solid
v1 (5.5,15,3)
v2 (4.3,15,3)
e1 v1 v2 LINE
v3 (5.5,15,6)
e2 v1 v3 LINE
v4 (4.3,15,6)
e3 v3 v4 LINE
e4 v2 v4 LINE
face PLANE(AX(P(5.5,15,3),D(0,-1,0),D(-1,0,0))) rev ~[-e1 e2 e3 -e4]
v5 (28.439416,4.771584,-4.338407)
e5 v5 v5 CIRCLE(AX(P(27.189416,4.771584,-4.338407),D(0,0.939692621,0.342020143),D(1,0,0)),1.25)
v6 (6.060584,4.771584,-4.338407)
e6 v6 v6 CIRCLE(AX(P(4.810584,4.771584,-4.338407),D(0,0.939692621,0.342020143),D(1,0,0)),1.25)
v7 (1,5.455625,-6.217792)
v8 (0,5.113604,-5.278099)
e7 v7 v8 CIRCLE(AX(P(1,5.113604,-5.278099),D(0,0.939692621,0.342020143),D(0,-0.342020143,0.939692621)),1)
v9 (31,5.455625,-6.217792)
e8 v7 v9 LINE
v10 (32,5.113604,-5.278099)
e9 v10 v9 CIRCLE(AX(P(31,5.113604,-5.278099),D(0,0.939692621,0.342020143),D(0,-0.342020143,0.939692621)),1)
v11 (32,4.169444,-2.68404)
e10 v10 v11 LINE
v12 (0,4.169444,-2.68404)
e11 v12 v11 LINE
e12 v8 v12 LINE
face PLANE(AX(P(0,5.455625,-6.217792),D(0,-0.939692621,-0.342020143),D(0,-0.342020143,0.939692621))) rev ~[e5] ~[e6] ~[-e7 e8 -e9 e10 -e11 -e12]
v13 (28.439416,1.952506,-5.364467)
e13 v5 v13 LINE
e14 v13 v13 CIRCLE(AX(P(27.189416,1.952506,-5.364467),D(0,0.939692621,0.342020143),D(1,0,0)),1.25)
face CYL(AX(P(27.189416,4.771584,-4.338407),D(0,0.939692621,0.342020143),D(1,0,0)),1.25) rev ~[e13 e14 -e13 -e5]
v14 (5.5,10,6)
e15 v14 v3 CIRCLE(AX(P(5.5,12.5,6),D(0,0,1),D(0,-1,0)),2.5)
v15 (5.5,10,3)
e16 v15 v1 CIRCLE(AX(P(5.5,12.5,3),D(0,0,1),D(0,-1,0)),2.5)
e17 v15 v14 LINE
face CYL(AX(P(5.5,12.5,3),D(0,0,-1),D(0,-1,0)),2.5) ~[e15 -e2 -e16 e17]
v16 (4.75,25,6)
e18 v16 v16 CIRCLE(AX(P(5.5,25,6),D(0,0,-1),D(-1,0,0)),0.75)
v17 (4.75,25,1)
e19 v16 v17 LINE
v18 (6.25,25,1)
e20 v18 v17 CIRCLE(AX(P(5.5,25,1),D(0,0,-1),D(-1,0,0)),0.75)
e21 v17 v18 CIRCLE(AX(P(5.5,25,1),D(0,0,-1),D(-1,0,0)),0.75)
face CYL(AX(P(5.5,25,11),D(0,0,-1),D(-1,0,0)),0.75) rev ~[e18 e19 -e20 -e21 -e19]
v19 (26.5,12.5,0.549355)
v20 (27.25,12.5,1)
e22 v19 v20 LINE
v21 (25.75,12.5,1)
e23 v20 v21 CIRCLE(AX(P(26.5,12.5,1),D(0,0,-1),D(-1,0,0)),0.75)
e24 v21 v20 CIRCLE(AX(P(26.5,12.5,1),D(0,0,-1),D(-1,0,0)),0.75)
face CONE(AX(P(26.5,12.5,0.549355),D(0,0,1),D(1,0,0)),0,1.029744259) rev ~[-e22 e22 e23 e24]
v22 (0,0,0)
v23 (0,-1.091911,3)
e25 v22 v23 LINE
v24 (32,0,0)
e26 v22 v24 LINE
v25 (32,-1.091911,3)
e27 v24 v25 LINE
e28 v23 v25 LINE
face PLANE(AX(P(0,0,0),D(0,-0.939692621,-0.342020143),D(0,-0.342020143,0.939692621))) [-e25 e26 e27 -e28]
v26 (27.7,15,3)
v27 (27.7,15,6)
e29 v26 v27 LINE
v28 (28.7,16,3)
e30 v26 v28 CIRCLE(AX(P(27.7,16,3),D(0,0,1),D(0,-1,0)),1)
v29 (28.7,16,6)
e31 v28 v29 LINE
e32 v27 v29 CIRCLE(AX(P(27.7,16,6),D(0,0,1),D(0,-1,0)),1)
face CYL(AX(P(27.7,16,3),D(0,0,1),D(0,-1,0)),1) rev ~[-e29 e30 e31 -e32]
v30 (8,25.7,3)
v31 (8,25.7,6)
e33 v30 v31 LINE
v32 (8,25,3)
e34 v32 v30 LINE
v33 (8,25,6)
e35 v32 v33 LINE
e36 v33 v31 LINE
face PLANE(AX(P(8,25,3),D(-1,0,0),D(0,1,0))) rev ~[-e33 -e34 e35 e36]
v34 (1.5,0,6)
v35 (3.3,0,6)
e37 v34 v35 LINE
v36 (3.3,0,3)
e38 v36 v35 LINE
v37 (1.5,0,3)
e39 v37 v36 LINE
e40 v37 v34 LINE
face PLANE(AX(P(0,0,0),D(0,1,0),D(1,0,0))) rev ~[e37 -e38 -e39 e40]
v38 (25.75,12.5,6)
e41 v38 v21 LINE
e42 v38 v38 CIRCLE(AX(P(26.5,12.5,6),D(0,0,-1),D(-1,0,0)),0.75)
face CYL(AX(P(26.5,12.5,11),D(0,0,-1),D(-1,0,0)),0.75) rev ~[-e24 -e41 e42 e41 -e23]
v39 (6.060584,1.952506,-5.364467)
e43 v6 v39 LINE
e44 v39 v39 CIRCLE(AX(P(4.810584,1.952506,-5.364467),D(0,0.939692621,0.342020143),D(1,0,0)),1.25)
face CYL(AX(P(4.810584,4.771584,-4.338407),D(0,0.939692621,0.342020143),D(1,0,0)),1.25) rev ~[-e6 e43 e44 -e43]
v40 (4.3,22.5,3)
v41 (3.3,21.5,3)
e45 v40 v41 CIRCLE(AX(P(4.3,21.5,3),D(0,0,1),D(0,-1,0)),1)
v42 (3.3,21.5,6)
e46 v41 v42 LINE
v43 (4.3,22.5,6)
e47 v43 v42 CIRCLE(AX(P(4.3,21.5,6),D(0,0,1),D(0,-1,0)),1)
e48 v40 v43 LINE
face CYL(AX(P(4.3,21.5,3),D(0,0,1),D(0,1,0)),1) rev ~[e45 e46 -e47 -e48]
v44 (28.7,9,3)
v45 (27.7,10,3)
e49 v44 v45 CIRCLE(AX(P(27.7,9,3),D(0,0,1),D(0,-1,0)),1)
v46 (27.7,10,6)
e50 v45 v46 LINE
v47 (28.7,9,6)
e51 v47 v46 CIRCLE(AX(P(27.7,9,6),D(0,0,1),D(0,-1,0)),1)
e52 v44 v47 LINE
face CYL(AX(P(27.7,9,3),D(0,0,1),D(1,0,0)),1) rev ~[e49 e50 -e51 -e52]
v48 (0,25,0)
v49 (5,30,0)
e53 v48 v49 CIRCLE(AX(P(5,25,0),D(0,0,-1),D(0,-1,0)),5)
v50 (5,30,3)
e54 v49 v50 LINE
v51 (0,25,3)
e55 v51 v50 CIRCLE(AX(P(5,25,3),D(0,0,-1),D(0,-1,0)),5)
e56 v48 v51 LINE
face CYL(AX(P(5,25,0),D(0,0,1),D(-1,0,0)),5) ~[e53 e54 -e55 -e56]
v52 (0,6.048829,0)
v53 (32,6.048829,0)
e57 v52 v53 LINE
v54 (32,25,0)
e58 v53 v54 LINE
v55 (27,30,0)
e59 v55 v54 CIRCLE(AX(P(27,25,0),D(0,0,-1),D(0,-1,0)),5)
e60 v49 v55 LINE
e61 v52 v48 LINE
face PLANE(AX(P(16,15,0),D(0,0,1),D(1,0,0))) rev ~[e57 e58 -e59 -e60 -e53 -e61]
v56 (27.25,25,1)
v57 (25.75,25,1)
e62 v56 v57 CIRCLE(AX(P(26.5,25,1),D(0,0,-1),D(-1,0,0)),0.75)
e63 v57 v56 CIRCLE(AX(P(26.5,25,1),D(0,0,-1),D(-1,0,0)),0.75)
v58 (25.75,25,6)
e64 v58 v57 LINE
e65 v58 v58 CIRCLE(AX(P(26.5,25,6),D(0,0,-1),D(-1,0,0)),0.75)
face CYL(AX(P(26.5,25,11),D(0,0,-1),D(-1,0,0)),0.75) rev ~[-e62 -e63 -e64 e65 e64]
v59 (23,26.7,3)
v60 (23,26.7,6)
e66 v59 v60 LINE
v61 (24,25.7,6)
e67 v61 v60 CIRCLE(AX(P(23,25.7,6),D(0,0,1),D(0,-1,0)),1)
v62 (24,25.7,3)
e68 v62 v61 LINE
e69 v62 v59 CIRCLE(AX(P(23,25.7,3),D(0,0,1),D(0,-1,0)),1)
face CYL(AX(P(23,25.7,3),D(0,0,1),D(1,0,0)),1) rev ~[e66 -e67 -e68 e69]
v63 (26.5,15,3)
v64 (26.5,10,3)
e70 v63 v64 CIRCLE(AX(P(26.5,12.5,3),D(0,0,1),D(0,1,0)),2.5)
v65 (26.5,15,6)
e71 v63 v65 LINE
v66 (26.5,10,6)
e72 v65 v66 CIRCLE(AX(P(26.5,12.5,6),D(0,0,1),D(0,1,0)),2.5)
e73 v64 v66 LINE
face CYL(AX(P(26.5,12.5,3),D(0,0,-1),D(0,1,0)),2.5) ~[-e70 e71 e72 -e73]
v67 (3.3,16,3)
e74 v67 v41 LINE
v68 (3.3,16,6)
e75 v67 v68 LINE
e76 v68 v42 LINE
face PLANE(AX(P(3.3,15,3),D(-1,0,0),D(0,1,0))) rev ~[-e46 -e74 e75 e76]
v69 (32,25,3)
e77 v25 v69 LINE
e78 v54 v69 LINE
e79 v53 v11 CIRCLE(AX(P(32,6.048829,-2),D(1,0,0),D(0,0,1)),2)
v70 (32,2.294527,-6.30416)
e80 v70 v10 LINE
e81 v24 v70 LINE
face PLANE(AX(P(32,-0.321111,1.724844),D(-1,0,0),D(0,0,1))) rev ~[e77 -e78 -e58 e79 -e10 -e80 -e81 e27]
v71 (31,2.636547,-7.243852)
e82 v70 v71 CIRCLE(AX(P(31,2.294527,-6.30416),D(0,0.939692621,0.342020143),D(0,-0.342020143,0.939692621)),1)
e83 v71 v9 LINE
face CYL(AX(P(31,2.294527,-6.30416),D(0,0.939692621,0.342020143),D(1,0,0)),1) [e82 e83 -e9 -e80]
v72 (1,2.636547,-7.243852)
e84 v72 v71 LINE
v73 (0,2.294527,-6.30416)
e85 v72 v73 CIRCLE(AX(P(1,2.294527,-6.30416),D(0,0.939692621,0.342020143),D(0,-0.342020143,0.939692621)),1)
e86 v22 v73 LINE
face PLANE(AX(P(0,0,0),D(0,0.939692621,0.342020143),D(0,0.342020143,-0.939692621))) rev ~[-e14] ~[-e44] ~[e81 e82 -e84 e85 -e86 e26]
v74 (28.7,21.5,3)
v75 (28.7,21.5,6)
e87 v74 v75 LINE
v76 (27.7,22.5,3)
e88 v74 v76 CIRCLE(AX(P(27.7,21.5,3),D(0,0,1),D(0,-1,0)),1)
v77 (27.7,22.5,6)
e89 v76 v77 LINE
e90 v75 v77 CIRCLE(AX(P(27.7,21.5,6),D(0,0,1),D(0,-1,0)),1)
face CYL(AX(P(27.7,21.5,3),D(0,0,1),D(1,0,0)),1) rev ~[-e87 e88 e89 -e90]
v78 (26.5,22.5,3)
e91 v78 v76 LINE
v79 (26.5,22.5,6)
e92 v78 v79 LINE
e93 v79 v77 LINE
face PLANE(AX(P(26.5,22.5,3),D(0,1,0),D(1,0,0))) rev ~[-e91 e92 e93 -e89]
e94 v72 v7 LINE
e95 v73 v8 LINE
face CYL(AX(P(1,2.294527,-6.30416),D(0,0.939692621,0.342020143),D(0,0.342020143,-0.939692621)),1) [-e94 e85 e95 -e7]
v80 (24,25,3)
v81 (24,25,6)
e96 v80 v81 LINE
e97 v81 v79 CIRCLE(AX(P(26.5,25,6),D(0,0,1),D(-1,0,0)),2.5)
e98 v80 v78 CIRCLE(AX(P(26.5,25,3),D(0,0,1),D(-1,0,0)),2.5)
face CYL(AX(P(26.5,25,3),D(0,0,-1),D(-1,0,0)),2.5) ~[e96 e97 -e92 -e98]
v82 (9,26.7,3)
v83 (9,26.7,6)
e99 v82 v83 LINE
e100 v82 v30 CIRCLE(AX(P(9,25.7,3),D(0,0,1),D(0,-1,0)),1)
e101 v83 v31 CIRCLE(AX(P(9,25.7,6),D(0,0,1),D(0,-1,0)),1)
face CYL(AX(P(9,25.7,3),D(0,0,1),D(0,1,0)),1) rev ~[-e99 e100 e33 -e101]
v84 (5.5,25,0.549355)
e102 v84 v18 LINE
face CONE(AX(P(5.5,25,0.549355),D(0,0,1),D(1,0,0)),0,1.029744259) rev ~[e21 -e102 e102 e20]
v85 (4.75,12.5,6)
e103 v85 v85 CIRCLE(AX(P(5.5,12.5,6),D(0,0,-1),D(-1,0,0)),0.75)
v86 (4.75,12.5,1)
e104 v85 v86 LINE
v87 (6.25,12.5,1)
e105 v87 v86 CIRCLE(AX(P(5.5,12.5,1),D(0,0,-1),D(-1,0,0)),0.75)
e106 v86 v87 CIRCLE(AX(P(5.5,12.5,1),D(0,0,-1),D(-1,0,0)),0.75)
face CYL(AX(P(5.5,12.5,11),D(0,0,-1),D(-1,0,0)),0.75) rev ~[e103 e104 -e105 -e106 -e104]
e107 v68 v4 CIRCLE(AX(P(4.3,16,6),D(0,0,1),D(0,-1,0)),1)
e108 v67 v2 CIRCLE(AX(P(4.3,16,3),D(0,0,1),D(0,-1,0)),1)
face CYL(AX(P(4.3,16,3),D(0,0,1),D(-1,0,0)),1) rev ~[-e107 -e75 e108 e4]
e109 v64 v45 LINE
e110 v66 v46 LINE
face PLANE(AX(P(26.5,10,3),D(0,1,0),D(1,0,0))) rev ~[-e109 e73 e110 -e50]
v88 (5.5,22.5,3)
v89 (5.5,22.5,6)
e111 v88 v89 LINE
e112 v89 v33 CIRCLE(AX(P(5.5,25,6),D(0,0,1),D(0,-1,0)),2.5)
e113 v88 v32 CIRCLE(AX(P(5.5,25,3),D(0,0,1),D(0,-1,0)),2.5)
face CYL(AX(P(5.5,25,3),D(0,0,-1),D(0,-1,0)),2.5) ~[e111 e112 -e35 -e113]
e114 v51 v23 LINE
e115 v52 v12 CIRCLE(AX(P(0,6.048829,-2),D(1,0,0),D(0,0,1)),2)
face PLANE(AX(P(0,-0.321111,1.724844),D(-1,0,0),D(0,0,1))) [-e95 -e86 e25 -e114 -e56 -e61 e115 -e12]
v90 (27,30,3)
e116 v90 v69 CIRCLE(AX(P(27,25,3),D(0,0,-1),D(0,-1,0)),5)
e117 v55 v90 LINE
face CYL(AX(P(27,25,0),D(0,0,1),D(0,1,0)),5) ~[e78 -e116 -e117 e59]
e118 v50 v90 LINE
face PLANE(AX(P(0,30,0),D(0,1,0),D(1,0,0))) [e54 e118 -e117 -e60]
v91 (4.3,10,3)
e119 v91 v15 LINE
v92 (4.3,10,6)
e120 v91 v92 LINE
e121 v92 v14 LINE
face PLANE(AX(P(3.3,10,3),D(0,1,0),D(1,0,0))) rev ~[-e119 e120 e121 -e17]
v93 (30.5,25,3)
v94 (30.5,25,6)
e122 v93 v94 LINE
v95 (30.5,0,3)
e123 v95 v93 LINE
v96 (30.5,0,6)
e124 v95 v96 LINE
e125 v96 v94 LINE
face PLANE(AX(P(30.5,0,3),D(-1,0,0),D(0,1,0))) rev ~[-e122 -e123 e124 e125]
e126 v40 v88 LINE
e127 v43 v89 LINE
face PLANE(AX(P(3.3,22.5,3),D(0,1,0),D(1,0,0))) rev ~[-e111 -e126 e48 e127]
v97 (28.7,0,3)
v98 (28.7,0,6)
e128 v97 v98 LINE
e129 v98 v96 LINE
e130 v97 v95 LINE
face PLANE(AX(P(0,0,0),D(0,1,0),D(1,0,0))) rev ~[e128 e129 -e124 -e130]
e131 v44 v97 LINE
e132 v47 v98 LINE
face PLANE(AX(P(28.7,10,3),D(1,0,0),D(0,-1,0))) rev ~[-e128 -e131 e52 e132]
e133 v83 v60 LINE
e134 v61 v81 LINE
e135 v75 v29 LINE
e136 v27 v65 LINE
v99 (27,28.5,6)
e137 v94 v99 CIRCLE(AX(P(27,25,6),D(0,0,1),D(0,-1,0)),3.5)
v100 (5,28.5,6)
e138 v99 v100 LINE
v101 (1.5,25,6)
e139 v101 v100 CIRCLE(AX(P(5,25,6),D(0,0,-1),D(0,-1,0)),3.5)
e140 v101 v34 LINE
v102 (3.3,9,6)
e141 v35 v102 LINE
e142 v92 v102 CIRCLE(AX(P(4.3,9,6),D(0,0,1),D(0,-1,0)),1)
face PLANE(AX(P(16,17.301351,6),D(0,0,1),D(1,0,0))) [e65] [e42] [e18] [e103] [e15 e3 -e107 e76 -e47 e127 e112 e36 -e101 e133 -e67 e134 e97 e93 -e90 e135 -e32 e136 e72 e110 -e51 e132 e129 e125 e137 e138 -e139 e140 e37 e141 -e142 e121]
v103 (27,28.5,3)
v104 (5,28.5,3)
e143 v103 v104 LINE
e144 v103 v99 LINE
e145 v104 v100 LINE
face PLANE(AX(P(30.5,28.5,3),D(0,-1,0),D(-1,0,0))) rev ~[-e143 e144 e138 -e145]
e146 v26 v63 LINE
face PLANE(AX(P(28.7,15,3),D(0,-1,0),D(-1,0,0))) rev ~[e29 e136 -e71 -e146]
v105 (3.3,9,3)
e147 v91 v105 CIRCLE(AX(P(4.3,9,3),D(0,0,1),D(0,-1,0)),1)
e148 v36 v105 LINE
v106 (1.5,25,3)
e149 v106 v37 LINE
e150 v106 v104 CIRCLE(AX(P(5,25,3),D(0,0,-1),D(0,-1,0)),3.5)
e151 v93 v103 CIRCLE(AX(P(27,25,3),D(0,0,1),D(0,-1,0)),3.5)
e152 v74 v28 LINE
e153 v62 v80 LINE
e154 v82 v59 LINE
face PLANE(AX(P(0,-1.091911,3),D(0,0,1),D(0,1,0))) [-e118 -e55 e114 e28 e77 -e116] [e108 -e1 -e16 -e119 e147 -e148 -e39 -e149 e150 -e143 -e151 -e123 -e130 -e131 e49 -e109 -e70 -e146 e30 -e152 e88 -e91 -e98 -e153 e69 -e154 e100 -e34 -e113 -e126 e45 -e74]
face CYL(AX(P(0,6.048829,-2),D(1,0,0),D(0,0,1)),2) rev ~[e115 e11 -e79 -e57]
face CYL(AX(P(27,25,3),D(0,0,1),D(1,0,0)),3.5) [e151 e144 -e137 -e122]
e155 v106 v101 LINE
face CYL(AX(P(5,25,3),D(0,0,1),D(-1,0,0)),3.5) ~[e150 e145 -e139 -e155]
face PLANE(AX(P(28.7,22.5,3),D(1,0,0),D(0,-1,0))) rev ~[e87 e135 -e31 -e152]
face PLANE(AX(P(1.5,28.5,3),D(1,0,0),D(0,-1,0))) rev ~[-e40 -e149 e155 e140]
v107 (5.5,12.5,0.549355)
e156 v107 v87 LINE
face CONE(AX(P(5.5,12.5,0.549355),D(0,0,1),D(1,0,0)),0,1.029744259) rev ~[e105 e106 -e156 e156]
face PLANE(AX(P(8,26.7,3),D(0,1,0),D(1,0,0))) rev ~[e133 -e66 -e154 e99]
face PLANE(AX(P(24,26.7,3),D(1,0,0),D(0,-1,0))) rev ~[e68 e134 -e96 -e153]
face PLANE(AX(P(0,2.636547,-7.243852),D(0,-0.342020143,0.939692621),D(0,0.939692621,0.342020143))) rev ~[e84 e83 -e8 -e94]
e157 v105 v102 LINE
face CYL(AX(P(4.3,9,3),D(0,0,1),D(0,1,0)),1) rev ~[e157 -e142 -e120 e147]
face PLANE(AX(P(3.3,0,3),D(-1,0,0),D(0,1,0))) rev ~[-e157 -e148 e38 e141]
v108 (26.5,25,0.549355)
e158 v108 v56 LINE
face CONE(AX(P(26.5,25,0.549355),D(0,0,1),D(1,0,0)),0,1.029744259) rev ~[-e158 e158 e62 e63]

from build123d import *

# Parameters (mm, degrees)
SKETCH1_W                           = 32
SKETCH1_H                           = 30
BOSS_EXTRUDE1_DEPTH                 = 3
BOSS_EXTRUDE2_DEPTH                 = 3
F_1_5MM_CLEARANCE_DOWEL_HOLE1_D     = 1.5
F_1_5MM_CLEARANCE_DOWEL_HOLE1_DEPTH = 5
F_1_5MM_CLEARANCE_DOWEL_HOLE1_TIP   = 0.450645464
FILLET1_R                           = 5
FILLET2_R                           = 3.5
BOSS_EXTRUDE4_DEPTH                 = 32
BOSS_EXTRUDE5_DEPTH                 = 32
SKETCH8_R                           = 1.25
CUT_EXTRUDE1_DEPTH                  = 7.503603871
FILLET3_R                           = 1
FILLET4_R                           = 2
FILLET5_R                           = 1


with BuildPart() as part:
    # Sketch1 → Boss-Extrude1 (new body)
    with BuildSketch(Plane.XY):
        with Locations((16, 15)):
            Rectangle(SKETCH1_W, SKETCH1_H)
    extrude(amount=BOSS_EXTRUDE1_DEPTH)

    # Sketch2 → Boss-Extrude2 (add)
    with BuildSketch(Plane.XY.offset(3)):
        with BuildLine():
            Line((1.5, 0), (3.3, 0))
            Line((3.3, 0), (3.3, 10))
            Line((3.3, 10), (5.5, 10))
            ThreePointArc((5.5, 10), (8, 12.5), (5.5, 15))
            Line((5.5, 15), (3.3, 15))
            Line((3.3, 15), (3.3, 22.5))
            Line((3.3, 22.5), (5.5, 22.5))
            ThreePointArc((5.5, 22.5), (7.267766953, 23.232233047), (8, 25))
            Line((8, 25), (8, 26.7))
            Line((8, 26.7), (24, 26.7))
            Line((24, 26.7), (24, 25))
            ThreePointArc((24, 25), (24.732233047, 23.232233047), (26.5, 22.5))
            Line((26.5, 22.5), (28.7, 22.5))
            Line((28.7, 22.5), (28.7, 15))
            Line((28.7, 15), (26.5, 15))
            ThreePointArc((26.5, 15), (24, 12.5), (26.5, 10))
            Line((26.5, 10), (28.7, 10))
            Line((28.7, 10), (28.7, 0))
            Line((28.7, 0), (30.5, 0))
            Line((30.5, 0), (30.5, 28.5))
            Line((30.5, 28.5), (1.5, 28.5))
            Line((1.5, 28.5), (1.5, 0))
        make_face()
    extrude(amount=BOSS_EXTRUDE2_DEPTH)

    # Ø1.5mm Clearance Dowel Hole1
    with Locations(Plane(origin=(5.5, 25, 6), x_dir=(1, 0, 0), z_dir=(0, 0, 1))):
        with Locations((0, 0), (21, 0), (21, -12.5), (0, -12.5)):
            Hole(F_1_5MM_CLEARANCE_DOWEL_HOLE1_D / 2, depth=F_1_5MM_CLEARANCE_DOWEL_HOLE1_DEPTH)
            with Locations((0, 0, -(F_1_5MM_CLEARANCE_DOWEL_HOLE1_DEPTH + F_1_5MM_CLEARANCE_DOWEL_HOLE1_TIP / 2))):  # 118° drill point
                Cone(0, F_1_5MM_CLEARANCE_DOWEL_HOLE1_D / 2, F_1_5MM_CLEARANCE_DOWEL_HOLE1_TIP, mode=Mode.SUBTRACT)

    # Fillet1
    fillet1_edges = [part.edges().sort_by_distance(p)[0] for p in [
        (0, 30, 1.5),
        (32, 30, 1.5),
    ]]
    fillet(fillet1_edges, radius=FILLET1_R)

    # Fillet2
    fillet2_edges = [part.edges().sort_by_distance(p)[0] for p in [
        (1.5, 28.5, 4.5),
        (30.5, 28.5, 4.5),
    ]]
    fillet(fillet2_edges, radius=FILLET2_R)

    # Sketch5 → Boss-Extrude4 (add)
    with BuildSketch(Plane.ZY):
        Polygon((0, 0), (-7.243852416, 2.636546661), (-6.217791986, 5.455624523), (0, 3.192533317), align=None)
    extrude(amount=-BOSS_EXTRUDE4_DEPTH)

    # Sketch7 → Boss-Extrude5 (add)
    with BuildSketch(Plane.ZY):
        Polygon((0, 0), (3, -1.091910703), (3, 0), align=None)
    extrude(amount=-BOSS_EXTRUDE5_DEPTH)

    # Sketch8 → Cut-Extrude1 (cut, through all)
    with BuildSketch(Plane(origin=(0, 2.819077862, 1.02606043), x_dir=(1, 0, 0), z_dir=(0, 0.939692621, 0.342020143))):
        with Locations((4.810584477, 5.708746728)):
            Circle(SKETCH8_R)
        with Locations((27.189415523, 5.708746728)):
            Circle(SKETCH8_R)
    extrude(amount=-CUT_EXTRUDE1_DEPTH, mode=Mode.SUBTRACT)

    # Fillet3
    fillet3_edges = [part.edges().sort_by_distance(p)[0] for p in [
        (3.3, 10, 4.5),
        (3.3, 15, 4.5),
        (3.3, 22.5, 4.5),
        (8, 26.7, 4.5),
        (24, 26.7, 4.5),
        (28.7, 22.5, 4.5),
        (28.7, 15, 4.5),
        (28.7, 10, 4.5),
    ]]
    fillet(fillet3_edges, radius=FILLET3_R)

    # Fillet4
    fillet4_edges = [part.edges().sort_by_distance(p)[0] for p in [
        (16, 3.192533317, 0),
    ]]
    fillet(fillet4_edges, radius=FILLET4_R)

    # Fillet5
    fillet5_edges = [part.edges().sort_by_distance(p)[0] for p in [
        (0, 4.046085592, -6.730822201),
        (32, 4.046085592, -6.730822201),
    ]]
    fillet(fillet5_edges, radius=FILLET5_R)


solid = part.part
